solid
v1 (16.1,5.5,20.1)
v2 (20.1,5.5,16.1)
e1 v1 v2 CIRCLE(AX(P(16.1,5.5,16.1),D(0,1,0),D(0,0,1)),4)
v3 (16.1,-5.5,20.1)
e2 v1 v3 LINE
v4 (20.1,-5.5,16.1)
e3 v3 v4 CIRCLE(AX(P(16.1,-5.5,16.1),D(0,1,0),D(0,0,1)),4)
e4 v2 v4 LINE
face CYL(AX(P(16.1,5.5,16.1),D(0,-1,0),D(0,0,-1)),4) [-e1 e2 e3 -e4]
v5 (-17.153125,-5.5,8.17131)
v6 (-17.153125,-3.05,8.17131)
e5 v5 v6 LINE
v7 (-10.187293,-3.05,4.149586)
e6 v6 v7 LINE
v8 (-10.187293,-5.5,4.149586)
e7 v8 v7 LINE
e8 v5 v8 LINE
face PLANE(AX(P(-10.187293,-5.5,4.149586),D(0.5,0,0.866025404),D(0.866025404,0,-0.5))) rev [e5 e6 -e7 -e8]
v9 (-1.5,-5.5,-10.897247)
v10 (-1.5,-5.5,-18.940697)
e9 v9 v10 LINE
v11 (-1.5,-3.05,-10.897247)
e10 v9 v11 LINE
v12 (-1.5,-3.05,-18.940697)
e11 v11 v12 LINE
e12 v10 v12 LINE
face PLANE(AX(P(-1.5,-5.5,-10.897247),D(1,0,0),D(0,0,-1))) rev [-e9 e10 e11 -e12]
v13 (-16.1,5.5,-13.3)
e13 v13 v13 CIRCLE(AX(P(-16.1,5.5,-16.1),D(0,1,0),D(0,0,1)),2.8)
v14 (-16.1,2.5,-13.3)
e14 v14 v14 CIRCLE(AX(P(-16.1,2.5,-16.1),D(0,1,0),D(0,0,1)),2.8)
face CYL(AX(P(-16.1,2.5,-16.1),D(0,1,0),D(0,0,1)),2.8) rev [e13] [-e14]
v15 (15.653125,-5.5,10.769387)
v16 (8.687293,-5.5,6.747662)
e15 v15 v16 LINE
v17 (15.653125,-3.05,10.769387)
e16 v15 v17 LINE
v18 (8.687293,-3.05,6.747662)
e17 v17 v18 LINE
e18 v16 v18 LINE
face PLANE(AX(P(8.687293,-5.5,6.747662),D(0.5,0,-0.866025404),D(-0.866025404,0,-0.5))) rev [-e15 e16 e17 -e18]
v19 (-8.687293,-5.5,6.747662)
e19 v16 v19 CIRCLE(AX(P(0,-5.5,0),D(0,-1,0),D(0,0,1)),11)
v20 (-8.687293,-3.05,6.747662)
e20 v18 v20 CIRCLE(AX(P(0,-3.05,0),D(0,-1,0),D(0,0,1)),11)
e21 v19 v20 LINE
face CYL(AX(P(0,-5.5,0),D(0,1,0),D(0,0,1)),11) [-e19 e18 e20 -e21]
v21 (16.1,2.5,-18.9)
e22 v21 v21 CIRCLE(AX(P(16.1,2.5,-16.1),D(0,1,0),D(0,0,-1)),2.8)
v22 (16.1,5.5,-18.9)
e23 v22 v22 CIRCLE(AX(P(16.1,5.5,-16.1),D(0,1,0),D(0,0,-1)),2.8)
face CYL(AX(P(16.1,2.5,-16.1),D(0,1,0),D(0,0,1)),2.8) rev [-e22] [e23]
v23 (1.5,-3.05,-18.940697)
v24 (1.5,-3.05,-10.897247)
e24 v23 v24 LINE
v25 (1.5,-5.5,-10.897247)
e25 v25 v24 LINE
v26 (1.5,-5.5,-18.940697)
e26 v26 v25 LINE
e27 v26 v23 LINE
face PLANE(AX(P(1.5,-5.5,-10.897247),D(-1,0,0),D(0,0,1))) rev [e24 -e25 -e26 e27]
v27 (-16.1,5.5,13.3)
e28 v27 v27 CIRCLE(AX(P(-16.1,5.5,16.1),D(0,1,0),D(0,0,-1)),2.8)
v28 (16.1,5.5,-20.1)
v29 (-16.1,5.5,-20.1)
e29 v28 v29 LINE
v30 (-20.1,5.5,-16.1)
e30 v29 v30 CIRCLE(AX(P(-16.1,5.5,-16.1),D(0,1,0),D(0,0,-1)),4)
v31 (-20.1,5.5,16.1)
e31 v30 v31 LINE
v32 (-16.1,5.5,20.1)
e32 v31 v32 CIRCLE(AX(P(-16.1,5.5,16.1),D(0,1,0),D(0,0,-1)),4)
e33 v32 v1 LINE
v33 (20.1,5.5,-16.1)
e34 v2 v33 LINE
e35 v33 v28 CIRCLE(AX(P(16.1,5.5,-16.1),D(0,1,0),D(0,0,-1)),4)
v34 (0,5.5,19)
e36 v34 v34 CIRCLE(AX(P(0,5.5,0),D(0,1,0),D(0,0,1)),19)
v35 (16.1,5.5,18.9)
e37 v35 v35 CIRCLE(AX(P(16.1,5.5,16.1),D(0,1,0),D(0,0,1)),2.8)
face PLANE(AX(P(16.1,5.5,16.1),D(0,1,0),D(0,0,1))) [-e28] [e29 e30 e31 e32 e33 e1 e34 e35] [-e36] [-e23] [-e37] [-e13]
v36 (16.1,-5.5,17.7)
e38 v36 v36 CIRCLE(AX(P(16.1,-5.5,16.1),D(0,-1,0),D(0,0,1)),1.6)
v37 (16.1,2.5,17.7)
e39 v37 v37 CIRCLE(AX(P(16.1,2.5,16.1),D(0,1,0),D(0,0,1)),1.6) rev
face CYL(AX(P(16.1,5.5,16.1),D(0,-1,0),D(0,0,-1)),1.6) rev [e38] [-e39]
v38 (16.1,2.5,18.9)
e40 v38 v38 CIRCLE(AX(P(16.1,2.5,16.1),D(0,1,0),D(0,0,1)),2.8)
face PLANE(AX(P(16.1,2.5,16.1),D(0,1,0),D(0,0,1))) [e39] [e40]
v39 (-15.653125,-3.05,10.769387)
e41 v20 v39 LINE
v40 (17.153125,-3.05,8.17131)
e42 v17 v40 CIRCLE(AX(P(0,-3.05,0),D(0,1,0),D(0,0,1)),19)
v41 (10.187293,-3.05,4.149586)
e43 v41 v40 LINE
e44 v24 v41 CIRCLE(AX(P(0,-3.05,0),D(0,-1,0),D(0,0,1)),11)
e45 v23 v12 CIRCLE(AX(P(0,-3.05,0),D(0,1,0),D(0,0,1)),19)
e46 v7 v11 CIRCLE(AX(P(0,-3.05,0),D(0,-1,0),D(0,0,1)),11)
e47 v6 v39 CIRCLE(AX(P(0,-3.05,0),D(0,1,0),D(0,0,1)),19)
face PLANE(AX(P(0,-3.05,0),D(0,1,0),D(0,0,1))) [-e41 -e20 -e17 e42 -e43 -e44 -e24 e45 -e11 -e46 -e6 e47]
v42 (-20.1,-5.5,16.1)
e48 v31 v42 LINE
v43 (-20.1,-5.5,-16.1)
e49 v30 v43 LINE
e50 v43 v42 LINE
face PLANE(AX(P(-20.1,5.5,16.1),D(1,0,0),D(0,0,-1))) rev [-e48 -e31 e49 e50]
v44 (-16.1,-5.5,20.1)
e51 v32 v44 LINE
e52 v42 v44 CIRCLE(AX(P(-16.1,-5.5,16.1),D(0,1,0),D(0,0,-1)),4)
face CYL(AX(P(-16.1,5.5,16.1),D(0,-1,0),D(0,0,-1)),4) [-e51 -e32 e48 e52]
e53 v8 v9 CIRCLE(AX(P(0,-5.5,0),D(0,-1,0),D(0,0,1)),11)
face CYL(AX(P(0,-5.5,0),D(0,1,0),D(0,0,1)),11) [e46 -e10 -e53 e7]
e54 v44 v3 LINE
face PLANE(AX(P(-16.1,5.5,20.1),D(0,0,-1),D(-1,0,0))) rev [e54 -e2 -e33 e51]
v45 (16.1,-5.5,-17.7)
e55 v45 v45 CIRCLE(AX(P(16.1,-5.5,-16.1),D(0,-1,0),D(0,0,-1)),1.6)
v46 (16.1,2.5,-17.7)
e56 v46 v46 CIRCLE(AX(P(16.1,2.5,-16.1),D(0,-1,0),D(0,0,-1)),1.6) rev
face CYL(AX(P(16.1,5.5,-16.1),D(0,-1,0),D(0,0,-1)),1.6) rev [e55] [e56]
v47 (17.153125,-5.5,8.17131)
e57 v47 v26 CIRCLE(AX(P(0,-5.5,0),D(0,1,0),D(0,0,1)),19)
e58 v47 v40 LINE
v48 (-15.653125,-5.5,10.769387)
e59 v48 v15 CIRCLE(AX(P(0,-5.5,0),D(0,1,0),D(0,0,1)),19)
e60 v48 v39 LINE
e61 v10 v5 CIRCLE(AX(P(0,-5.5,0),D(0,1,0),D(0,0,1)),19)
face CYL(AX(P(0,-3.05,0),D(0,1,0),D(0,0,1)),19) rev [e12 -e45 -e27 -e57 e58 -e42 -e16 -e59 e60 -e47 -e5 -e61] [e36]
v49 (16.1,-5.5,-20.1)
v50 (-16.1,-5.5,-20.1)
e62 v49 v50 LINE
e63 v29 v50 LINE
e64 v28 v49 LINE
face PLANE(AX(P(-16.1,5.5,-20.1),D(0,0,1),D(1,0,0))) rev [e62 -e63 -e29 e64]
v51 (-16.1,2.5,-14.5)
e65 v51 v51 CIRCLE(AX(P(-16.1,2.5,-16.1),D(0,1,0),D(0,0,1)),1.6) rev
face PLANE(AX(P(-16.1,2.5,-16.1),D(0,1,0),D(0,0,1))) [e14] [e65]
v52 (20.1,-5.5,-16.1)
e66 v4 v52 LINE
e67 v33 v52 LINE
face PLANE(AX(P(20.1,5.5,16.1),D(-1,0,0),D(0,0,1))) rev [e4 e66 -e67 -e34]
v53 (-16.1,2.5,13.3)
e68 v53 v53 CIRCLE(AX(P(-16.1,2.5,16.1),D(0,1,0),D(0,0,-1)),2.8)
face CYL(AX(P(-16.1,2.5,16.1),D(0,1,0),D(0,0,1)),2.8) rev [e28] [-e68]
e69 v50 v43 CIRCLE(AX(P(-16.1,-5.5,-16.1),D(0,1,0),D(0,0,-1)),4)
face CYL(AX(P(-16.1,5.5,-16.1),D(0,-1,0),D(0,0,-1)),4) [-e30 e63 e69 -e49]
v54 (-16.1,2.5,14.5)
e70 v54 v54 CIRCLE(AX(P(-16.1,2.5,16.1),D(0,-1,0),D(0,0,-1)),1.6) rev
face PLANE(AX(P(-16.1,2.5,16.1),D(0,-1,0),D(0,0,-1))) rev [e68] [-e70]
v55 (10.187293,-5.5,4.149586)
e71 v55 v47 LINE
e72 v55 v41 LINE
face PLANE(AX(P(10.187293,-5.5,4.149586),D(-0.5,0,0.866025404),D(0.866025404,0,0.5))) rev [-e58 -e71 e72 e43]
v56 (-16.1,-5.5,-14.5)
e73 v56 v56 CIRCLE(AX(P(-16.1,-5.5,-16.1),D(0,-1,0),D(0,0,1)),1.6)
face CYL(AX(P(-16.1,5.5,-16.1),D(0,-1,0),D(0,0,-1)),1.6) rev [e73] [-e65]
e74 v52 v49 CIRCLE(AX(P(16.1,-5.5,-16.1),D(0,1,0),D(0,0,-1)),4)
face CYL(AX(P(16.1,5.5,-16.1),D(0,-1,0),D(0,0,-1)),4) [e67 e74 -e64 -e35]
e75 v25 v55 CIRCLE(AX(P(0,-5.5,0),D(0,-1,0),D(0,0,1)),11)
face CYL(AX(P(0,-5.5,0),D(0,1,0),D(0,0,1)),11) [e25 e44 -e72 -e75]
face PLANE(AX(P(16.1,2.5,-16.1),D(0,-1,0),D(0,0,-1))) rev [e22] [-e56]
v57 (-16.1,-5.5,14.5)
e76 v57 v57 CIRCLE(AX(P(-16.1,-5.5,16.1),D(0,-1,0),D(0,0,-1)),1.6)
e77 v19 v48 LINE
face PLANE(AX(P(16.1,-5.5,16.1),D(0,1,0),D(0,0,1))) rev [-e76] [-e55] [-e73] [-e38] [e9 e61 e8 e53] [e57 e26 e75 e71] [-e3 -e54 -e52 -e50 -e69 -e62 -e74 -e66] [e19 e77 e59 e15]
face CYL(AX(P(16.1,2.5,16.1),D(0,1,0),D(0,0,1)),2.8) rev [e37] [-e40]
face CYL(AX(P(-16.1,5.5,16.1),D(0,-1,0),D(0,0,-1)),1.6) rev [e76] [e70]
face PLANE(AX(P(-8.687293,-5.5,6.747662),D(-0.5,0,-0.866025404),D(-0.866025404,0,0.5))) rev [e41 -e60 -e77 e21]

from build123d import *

# Parameters (mm, degrees)
RESSALTO_EXTRUS_O1_DEPTH = 5.5
ESBO_O2_R                = 19
CORTE_EXTRUS_O1_DEPTH    = 8.55
CORTE_EXTRUS_O2_DEPTH    = 3.45
ESBO_O4_R                = 1.6
CORTE_EXTRUS_O3_DEPTH    = 12
ESBO_O5_R                = 2.8
CORTE_EXTRUS_O4_DEPTH    = 3


with BuildPart() as part:
    # Esboço1 → Ressalto-extrusão1 (new body, symmetric)
    with BuildSketch(Plane(origin=(0, 0, 0), x_dir=(1, 0, 0), z_dir=(0, 1, 0))):
        with BuildLine():
            Line((-16.1, -20.1), (16.1, -20.1))
            ThreePointArc((16.1, -20.1), (18.928427125, -18.928427125), (20.1, -16.1))
            Line((20.1, -16.1), (20.1, 16.1))
            ThreePointArc((20.1, 16.1), (18.928427125, 18.928427125), (16.1, 20.1))
            Line((16.1, 20.1), (-16.1, 20.1))
            ThreePointArc((-16.1, 20.1), (-18.928427125, 18.928427125), (-20.1, 16.1))
            Line((-20.1, 16.1), (-20.1, -16.1))
            ThreePointArc((-20.1, -16.1), (-18.928427125, -18.928427125), (-16.1, -20.1))
        make_face()
    extrude(amount=RESSALTO_EXTRUS_O1_DEPTH, both=True)

    # Esboço2 → Corte-extrusão1 (cut)
    with BuildSketch(Plane(origin=(0, 5.5, 0), x_dir=(1, 0, 0), z_dir=(0, 1, 0))):
        Circle(ESBO_O2_R)
    extrude(amount=-CORTE_EXTRUS_O1_DEPTH, mode=Mode.SUBTRACT)

    # Esboço3 → Corte-extrusão2 (cut, through all)
    with BuildSketch(Plane(origin=(0, -3.05, 0), x_dir=(1, 0, 0), z_dir=(0, 1, 0))):
        with BuildLine():
            Line((1.5, 10.897247359), (1.5, 18.940696925))
            ThreePointArc((1.5, 18.940696925), (16.454482672, 9.5), (17.153124702, -8.171310357))
            Line((17.153124702, -8.171310357), (10.187293044, -4.149585574))
            ThreePointArc((10.187293044, -4.149585574), (9.526279442, 5.5), (1.5, 10.897247359))
        make_face()
        with BuildLine():
            Line((-1.5, 10.897247359), (-1.5, 18.940696925))
            ThreePointArc((-1.5, 18.940696925), (-16.454482672, 9.5), (-17.153124702, -8.171310357))
            Line((-17.153124702, -8.171310357), (-10.187293044, -4.149585574))
            ThreePointArc((-10.187293044, -4.149585574), (-9.526279442, 5.5), (-1.5, 10.897247359))
        make_face()
        with BuildLine():
            Line((8.687293044, -6.747661785), (15.653124702, -10.769386568))
            ThreePointArc((15.653124702, -10.769386568), (0, -19), (-15.653124702, -10.769386568))
            Line((-15.653124702, -10.769386568), (-8.687293044, -6.747661785))
            ThreePointArc((-8.687293044, -6.747661785), (0, -11), (8.687293044, -6.747661785))
        make_face()
    extrude(amount=-CORTE_EXTRUS_O2_DEPTH, mode=Mode.SUBTRACT)

    # Esboço4 → Corte-extrusão3 (cut, through all)
    with BuildSketch(Plane.XZ.offset(5.5)):
        with Locations((-16.1, 16.1)):
            Circle(ESBO_O4_R)
        with Locations((16.1, 16.1)):
            Circle(ESBO_O4_R)
        with Locations((16.1, -16.1)):
            Circle(ESBO_O4_R)
        with Locations((-16.1, -16.1)):
            Circle(ESBO_O4_R)
    extrude(amount=-CORTE_EXTRUS_O3_DEPTH, mode=Mode.SUBTRACT)

    # Esboço5 → Corte-extrusão4 (cut)
    with BuildSketch(Plane(origin=(0, 5.5, 0), x_dir=(1, 0, 0), z_dir=(0, 1, 0))):
        with Locations((-16.1, 16.1)):
            Circle(ESBO_O5_R)
        with Locations((-16.1, -16.1)):
            Circle(ESBO_O5_R)
        with Locations((16.1, -16.1)):
            Circle(ESBO_O5_R)
        with Locations((16.1, 16.1)):
            Circle(ESBO_O5_R)
    extrude(amount=-CORTE_EXTRUS_O4_DEPTH, mode=Mode.SUBTRACT)


solid = part.part
